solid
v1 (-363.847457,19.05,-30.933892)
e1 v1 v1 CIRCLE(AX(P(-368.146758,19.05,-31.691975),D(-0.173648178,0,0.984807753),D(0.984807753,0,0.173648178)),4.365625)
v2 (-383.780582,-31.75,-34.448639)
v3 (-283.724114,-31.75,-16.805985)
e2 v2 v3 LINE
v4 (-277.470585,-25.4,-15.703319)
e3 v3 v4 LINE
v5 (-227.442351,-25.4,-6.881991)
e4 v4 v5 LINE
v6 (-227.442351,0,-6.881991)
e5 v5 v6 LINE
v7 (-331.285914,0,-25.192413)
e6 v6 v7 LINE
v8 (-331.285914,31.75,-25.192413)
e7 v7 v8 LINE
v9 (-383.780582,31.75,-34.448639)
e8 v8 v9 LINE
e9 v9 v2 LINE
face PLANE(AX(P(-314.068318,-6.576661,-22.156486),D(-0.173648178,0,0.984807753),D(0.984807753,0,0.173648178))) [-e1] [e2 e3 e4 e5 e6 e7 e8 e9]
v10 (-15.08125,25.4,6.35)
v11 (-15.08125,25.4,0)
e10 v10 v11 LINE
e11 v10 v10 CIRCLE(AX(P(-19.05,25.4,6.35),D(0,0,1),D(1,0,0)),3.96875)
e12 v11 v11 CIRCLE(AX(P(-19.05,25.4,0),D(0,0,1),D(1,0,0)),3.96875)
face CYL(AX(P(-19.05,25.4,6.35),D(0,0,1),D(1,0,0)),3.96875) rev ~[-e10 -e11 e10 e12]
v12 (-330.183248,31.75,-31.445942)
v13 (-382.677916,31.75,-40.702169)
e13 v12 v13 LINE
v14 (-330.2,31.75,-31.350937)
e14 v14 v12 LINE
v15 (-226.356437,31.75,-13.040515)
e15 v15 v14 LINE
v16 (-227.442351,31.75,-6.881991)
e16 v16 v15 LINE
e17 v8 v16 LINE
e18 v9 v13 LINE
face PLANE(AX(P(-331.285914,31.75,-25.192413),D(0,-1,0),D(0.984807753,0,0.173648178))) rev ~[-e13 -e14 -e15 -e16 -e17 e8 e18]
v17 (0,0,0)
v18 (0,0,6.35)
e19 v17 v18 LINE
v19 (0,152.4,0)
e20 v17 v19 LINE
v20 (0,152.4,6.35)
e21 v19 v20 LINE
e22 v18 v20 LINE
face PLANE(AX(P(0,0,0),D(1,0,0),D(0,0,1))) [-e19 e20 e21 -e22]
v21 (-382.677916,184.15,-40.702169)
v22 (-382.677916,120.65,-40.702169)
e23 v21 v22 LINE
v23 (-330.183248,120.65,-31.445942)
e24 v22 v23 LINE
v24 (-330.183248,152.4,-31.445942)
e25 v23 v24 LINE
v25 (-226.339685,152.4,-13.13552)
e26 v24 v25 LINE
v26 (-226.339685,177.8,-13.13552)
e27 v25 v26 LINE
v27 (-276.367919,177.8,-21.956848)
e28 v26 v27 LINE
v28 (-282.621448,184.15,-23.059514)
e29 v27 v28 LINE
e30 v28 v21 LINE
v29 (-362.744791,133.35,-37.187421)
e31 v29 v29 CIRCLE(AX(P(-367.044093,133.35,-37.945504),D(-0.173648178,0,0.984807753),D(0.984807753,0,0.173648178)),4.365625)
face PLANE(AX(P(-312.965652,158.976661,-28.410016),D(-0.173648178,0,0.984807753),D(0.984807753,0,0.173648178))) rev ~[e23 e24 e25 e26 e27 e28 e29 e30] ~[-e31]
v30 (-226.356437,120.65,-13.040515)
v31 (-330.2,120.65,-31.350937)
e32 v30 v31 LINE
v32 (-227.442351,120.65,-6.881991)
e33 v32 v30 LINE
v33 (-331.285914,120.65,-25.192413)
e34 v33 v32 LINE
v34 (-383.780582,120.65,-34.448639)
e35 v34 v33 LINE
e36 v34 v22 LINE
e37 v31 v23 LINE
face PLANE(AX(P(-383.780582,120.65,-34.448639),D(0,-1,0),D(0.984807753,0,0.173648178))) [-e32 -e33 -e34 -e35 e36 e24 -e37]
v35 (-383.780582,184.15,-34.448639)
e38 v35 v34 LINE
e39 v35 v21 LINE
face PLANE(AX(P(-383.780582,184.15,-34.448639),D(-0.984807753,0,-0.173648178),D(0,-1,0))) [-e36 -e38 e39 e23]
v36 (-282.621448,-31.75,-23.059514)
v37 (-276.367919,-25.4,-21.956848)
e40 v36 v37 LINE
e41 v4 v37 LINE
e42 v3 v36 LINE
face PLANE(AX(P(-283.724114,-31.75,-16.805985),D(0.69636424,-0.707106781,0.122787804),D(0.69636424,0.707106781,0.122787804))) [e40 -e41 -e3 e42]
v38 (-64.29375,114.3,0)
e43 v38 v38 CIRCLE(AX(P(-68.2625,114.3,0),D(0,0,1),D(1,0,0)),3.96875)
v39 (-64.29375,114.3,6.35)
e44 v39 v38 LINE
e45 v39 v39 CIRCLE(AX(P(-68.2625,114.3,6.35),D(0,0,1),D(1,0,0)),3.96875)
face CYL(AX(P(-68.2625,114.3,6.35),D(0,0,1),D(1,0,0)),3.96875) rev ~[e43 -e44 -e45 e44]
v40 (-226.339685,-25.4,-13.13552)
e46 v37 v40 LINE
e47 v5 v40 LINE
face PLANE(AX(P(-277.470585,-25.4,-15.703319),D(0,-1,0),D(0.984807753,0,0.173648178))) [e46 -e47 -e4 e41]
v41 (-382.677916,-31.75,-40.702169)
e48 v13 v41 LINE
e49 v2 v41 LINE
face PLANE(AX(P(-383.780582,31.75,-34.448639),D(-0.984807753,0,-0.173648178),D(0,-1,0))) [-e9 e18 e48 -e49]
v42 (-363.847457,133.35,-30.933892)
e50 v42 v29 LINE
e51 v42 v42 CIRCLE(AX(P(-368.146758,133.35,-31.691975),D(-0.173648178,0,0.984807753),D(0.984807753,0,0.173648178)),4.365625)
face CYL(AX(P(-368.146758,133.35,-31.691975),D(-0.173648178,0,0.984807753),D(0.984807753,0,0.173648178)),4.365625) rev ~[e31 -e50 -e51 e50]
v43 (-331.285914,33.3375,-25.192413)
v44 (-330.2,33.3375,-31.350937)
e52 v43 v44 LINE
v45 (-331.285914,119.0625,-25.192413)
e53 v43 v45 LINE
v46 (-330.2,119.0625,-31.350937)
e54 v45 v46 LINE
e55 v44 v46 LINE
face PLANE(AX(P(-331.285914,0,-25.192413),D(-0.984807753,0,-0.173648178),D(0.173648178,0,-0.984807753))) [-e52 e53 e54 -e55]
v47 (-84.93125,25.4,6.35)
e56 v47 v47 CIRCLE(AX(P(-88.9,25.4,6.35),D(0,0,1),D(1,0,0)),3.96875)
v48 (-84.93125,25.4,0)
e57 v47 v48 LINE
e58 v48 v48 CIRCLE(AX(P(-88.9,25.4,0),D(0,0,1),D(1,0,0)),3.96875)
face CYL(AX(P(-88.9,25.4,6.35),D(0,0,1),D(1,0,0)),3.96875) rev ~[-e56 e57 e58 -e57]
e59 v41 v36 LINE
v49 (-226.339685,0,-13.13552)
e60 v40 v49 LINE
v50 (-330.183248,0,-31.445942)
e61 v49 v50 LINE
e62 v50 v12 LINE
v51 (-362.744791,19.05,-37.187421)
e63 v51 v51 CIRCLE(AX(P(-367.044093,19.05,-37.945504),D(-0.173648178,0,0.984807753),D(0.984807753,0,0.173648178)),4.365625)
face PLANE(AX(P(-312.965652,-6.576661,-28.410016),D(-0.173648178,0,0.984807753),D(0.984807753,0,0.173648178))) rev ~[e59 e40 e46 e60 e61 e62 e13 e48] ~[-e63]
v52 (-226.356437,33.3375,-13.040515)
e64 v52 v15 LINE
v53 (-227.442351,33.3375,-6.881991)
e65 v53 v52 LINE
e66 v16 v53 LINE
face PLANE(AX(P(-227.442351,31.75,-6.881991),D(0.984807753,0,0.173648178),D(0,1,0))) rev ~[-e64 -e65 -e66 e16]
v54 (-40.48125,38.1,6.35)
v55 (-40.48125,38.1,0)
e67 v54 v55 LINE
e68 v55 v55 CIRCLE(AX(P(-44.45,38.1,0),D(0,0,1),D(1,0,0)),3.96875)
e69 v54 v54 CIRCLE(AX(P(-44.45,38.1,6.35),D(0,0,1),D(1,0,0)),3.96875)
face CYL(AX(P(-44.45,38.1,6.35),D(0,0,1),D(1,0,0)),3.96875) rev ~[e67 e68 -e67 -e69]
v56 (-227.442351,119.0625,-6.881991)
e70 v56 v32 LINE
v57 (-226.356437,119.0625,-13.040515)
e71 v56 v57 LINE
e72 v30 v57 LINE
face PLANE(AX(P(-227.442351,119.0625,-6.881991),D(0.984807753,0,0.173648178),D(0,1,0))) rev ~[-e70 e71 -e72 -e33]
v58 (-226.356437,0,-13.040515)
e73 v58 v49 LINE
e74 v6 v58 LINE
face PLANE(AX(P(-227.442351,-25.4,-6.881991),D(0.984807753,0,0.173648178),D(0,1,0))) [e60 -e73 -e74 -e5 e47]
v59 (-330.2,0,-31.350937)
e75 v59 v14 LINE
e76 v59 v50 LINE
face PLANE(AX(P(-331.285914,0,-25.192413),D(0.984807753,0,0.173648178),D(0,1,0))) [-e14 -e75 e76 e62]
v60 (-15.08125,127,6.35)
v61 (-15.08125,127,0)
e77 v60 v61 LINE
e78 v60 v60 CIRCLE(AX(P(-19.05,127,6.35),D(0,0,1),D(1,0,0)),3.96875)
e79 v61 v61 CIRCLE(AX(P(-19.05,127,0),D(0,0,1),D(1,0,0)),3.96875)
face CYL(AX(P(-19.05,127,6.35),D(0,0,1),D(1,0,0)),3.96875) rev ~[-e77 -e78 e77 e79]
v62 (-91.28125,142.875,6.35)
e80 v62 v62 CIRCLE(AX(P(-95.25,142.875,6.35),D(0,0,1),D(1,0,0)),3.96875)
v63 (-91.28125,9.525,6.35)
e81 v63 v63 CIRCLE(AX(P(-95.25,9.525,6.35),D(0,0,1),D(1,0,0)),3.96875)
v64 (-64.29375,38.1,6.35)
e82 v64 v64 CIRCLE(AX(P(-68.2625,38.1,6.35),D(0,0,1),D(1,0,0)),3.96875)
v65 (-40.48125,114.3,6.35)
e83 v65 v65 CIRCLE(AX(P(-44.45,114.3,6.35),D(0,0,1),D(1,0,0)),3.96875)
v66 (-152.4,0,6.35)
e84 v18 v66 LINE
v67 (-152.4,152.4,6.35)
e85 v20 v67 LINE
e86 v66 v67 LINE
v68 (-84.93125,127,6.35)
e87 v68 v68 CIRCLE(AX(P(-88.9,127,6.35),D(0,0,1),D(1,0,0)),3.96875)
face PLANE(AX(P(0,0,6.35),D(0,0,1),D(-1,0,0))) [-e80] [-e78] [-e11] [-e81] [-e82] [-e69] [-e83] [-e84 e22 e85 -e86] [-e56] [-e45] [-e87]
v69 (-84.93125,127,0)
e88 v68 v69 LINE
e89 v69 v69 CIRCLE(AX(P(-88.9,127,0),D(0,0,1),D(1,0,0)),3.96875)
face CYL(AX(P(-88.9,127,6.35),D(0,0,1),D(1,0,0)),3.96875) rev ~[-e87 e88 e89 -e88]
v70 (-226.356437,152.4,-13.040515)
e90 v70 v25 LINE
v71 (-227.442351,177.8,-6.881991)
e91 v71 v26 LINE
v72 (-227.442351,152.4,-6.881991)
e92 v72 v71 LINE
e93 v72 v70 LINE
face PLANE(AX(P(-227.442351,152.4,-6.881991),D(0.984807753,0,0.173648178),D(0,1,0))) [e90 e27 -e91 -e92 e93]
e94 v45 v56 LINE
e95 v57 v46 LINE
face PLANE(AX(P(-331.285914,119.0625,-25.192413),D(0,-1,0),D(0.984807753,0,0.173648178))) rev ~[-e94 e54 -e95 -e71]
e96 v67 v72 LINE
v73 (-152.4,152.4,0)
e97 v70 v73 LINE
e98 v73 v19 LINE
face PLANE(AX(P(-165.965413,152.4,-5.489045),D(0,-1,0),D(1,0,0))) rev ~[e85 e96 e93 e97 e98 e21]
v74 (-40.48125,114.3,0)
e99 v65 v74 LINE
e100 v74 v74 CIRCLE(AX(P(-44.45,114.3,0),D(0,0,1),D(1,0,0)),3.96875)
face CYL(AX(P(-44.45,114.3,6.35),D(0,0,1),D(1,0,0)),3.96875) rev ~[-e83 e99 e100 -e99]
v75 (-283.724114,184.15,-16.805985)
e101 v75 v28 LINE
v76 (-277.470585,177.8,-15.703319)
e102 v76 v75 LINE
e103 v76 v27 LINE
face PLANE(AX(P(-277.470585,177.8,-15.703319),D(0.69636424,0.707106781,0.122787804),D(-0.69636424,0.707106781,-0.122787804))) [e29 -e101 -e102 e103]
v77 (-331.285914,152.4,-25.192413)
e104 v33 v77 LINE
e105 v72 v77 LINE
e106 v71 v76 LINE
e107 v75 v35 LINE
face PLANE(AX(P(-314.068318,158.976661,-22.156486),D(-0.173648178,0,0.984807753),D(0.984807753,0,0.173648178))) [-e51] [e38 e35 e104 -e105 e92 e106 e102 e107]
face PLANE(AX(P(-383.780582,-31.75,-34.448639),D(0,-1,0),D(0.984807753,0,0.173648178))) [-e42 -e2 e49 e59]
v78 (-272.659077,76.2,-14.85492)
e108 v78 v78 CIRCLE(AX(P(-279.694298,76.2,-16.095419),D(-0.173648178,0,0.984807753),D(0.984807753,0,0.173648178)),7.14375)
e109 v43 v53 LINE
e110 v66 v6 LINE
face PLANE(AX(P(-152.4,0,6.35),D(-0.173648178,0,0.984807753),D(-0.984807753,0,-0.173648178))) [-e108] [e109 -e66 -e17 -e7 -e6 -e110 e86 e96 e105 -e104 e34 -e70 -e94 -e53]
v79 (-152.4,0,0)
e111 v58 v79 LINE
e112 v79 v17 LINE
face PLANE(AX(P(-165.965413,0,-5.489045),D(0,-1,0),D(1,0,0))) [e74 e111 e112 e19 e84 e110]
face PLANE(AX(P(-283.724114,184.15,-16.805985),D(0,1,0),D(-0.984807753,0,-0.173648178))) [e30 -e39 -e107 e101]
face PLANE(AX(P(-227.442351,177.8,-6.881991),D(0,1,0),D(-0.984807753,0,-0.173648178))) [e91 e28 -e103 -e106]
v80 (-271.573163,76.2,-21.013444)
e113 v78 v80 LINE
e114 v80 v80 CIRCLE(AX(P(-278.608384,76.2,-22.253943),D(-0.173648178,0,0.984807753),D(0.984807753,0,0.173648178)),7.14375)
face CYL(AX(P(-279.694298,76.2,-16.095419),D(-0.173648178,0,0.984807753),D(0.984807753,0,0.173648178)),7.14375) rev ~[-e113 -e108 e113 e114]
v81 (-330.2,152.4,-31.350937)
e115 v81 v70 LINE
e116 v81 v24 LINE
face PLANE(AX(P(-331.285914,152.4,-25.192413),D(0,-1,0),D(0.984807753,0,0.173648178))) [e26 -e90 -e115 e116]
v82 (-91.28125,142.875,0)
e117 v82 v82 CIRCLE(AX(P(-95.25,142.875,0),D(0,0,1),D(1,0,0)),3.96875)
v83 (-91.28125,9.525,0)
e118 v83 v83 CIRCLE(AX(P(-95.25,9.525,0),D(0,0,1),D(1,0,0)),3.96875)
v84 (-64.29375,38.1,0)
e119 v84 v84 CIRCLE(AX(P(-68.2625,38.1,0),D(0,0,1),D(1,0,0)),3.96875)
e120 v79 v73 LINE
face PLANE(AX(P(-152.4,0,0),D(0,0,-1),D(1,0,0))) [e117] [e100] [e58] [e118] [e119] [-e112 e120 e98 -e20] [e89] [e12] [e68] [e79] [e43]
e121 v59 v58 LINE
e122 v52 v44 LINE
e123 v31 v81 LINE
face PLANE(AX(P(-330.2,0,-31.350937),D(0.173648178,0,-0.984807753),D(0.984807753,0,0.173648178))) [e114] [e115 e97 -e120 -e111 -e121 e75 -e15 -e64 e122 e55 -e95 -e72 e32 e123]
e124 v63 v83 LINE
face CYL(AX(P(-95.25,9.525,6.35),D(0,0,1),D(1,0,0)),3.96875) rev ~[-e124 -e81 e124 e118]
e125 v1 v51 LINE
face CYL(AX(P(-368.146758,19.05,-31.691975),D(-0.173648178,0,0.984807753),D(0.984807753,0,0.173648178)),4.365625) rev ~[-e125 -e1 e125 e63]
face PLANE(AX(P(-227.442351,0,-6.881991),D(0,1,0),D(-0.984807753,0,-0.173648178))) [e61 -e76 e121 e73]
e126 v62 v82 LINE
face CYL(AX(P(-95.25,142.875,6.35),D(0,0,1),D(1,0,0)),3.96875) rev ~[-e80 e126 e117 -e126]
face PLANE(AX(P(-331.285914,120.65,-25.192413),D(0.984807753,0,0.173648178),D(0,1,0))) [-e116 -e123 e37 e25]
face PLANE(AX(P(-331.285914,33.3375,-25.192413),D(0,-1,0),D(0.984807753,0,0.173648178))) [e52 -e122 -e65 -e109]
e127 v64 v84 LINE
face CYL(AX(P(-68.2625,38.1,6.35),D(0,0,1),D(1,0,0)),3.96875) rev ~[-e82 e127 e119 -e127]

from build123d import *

# Parameters (mm, degrees)
F1_DEPTH = 152.4
F2_R     = 7.14375
F3_DEPTH = 63.5931574972
F4_R     = 3.96875
F5_DEPTH = 37.70193717
F7_DEPTH = 6.35
F8_R     = 4.365625
F8_W     = 105.4455175215
F8_H     = 1.5875
F9_DEPTH = 72.8023226846


with BuildPart() as f1:
    # F0 (on Front) → F1 (new body)
    with BuildSketch(Plane.XZ):
        Polygon((-152.4, 0), (0, 0), (0, 6.35), (-152.4, 6.35), (-331.2859139551, -25.192413099), (-330.2, -31.35093717), align=None)
    extrude(amount=-F1_DEPTH)

    # F2 (on face) → F3 (cut, through all)
    with BuildSketch(Plane(origin=(-5.6813362512, 0, 32.2204589924), x_dir=(0.984807753, 0, 0.1736481777), z_dir=(-0.1736481777, 0, 0.984807753))):
        with Locations((-278.2400531523, 76.2)):
            Circle(F2_R)
    extrude(amount=-F3_DEPTH, mode=Mode.SUBTRACT)

    # F4 (on face) → F5 (cut, through all)
    with BuildSketch(Plane.XY.offset(6.35)):
        with Locations((-19.05, 127)):
            Circle(F4_R)
        with Locations((-19.05, 25.4)):
            Circle(F4_R)
        with Locations((-88.9, 25.4)):
            Circle(F4_R)
        with Locations((-88.9, 127)):
            Circle(F4_R)
        with Locations((-95.25, 9.525)):
            Circle(F4_R)
        with Locations((-95.25, 142.875)):
            Circle(F4_R)
        with Locations((-68.2625, 114.3)):
            Circle(F4_R)
        with Locations((-44.45, 114.3)):
            Circle(F4_R)
        with Locations((-68.2625, 38.1)):
            Circle(F4_R)
        with Locations((-44.45, 38.1)):
            Circle(F4_R)
    extrude(amount=-F5_DEPTH, mode=Mode.SUBTRACT)

    # F6 (on face) → F7 (join)
    with BuildSketch(Plane(origin=(-5.6813362512, 0, 32.2204589924), x_dir=(0.984807753, 0, 0.1736481777), z_dir=(-0.1736481777, 0, 0.984807753))):
        Polygon((-330.6275531523, 120.65), (-330.6275531523, 152.4), (-225.1820356309, 152.4), (-225.1820356309, 177.8), (-275.9820356309, 177.8), (-282.3320356309, 184.15), (-383.9320356309, 184.15), (-383.9320356309, 120.65), align=None)
        Polygon((-383.9320356309, -31.75), (-282.3320356309, -31.75), (-275.9820356309, -25.4), (-225.1820356309, -25.4), (-225.1820356309, 0), (-330.6275531523, 0), (-330.6275531523, 31.75), (-383.9320356309, 31.75), align=None)
    extrude(amount=-F7_DEPTH)

    # F8 (on face) → F9 (cut, through all)
    with BuildSketch(Plane(origin=(-5.6813362512, 0, 32.2204589924), x_dir=(0.984807753, 0, 0.1736481777), z_dir=(-0.1736481777, 0, 0.984807753))):
        with Locations((-368.0570356309, 133.35)):
            Circle(F8_R)
        with Locations((-368.0570356309, 19.05)):
            Circle(F8_R)
        with Locations((-277.9047943916, 119.85625)):
            Rectangle(F8_W, F8_H)
        with Locations((-277.9047943916, 32.54375)):
            Rectangle(F8_W, F8_H)
    extrude(amount=-F9_DEPTH, mode=Mode.SUBTRACT)


solid = f1.part
